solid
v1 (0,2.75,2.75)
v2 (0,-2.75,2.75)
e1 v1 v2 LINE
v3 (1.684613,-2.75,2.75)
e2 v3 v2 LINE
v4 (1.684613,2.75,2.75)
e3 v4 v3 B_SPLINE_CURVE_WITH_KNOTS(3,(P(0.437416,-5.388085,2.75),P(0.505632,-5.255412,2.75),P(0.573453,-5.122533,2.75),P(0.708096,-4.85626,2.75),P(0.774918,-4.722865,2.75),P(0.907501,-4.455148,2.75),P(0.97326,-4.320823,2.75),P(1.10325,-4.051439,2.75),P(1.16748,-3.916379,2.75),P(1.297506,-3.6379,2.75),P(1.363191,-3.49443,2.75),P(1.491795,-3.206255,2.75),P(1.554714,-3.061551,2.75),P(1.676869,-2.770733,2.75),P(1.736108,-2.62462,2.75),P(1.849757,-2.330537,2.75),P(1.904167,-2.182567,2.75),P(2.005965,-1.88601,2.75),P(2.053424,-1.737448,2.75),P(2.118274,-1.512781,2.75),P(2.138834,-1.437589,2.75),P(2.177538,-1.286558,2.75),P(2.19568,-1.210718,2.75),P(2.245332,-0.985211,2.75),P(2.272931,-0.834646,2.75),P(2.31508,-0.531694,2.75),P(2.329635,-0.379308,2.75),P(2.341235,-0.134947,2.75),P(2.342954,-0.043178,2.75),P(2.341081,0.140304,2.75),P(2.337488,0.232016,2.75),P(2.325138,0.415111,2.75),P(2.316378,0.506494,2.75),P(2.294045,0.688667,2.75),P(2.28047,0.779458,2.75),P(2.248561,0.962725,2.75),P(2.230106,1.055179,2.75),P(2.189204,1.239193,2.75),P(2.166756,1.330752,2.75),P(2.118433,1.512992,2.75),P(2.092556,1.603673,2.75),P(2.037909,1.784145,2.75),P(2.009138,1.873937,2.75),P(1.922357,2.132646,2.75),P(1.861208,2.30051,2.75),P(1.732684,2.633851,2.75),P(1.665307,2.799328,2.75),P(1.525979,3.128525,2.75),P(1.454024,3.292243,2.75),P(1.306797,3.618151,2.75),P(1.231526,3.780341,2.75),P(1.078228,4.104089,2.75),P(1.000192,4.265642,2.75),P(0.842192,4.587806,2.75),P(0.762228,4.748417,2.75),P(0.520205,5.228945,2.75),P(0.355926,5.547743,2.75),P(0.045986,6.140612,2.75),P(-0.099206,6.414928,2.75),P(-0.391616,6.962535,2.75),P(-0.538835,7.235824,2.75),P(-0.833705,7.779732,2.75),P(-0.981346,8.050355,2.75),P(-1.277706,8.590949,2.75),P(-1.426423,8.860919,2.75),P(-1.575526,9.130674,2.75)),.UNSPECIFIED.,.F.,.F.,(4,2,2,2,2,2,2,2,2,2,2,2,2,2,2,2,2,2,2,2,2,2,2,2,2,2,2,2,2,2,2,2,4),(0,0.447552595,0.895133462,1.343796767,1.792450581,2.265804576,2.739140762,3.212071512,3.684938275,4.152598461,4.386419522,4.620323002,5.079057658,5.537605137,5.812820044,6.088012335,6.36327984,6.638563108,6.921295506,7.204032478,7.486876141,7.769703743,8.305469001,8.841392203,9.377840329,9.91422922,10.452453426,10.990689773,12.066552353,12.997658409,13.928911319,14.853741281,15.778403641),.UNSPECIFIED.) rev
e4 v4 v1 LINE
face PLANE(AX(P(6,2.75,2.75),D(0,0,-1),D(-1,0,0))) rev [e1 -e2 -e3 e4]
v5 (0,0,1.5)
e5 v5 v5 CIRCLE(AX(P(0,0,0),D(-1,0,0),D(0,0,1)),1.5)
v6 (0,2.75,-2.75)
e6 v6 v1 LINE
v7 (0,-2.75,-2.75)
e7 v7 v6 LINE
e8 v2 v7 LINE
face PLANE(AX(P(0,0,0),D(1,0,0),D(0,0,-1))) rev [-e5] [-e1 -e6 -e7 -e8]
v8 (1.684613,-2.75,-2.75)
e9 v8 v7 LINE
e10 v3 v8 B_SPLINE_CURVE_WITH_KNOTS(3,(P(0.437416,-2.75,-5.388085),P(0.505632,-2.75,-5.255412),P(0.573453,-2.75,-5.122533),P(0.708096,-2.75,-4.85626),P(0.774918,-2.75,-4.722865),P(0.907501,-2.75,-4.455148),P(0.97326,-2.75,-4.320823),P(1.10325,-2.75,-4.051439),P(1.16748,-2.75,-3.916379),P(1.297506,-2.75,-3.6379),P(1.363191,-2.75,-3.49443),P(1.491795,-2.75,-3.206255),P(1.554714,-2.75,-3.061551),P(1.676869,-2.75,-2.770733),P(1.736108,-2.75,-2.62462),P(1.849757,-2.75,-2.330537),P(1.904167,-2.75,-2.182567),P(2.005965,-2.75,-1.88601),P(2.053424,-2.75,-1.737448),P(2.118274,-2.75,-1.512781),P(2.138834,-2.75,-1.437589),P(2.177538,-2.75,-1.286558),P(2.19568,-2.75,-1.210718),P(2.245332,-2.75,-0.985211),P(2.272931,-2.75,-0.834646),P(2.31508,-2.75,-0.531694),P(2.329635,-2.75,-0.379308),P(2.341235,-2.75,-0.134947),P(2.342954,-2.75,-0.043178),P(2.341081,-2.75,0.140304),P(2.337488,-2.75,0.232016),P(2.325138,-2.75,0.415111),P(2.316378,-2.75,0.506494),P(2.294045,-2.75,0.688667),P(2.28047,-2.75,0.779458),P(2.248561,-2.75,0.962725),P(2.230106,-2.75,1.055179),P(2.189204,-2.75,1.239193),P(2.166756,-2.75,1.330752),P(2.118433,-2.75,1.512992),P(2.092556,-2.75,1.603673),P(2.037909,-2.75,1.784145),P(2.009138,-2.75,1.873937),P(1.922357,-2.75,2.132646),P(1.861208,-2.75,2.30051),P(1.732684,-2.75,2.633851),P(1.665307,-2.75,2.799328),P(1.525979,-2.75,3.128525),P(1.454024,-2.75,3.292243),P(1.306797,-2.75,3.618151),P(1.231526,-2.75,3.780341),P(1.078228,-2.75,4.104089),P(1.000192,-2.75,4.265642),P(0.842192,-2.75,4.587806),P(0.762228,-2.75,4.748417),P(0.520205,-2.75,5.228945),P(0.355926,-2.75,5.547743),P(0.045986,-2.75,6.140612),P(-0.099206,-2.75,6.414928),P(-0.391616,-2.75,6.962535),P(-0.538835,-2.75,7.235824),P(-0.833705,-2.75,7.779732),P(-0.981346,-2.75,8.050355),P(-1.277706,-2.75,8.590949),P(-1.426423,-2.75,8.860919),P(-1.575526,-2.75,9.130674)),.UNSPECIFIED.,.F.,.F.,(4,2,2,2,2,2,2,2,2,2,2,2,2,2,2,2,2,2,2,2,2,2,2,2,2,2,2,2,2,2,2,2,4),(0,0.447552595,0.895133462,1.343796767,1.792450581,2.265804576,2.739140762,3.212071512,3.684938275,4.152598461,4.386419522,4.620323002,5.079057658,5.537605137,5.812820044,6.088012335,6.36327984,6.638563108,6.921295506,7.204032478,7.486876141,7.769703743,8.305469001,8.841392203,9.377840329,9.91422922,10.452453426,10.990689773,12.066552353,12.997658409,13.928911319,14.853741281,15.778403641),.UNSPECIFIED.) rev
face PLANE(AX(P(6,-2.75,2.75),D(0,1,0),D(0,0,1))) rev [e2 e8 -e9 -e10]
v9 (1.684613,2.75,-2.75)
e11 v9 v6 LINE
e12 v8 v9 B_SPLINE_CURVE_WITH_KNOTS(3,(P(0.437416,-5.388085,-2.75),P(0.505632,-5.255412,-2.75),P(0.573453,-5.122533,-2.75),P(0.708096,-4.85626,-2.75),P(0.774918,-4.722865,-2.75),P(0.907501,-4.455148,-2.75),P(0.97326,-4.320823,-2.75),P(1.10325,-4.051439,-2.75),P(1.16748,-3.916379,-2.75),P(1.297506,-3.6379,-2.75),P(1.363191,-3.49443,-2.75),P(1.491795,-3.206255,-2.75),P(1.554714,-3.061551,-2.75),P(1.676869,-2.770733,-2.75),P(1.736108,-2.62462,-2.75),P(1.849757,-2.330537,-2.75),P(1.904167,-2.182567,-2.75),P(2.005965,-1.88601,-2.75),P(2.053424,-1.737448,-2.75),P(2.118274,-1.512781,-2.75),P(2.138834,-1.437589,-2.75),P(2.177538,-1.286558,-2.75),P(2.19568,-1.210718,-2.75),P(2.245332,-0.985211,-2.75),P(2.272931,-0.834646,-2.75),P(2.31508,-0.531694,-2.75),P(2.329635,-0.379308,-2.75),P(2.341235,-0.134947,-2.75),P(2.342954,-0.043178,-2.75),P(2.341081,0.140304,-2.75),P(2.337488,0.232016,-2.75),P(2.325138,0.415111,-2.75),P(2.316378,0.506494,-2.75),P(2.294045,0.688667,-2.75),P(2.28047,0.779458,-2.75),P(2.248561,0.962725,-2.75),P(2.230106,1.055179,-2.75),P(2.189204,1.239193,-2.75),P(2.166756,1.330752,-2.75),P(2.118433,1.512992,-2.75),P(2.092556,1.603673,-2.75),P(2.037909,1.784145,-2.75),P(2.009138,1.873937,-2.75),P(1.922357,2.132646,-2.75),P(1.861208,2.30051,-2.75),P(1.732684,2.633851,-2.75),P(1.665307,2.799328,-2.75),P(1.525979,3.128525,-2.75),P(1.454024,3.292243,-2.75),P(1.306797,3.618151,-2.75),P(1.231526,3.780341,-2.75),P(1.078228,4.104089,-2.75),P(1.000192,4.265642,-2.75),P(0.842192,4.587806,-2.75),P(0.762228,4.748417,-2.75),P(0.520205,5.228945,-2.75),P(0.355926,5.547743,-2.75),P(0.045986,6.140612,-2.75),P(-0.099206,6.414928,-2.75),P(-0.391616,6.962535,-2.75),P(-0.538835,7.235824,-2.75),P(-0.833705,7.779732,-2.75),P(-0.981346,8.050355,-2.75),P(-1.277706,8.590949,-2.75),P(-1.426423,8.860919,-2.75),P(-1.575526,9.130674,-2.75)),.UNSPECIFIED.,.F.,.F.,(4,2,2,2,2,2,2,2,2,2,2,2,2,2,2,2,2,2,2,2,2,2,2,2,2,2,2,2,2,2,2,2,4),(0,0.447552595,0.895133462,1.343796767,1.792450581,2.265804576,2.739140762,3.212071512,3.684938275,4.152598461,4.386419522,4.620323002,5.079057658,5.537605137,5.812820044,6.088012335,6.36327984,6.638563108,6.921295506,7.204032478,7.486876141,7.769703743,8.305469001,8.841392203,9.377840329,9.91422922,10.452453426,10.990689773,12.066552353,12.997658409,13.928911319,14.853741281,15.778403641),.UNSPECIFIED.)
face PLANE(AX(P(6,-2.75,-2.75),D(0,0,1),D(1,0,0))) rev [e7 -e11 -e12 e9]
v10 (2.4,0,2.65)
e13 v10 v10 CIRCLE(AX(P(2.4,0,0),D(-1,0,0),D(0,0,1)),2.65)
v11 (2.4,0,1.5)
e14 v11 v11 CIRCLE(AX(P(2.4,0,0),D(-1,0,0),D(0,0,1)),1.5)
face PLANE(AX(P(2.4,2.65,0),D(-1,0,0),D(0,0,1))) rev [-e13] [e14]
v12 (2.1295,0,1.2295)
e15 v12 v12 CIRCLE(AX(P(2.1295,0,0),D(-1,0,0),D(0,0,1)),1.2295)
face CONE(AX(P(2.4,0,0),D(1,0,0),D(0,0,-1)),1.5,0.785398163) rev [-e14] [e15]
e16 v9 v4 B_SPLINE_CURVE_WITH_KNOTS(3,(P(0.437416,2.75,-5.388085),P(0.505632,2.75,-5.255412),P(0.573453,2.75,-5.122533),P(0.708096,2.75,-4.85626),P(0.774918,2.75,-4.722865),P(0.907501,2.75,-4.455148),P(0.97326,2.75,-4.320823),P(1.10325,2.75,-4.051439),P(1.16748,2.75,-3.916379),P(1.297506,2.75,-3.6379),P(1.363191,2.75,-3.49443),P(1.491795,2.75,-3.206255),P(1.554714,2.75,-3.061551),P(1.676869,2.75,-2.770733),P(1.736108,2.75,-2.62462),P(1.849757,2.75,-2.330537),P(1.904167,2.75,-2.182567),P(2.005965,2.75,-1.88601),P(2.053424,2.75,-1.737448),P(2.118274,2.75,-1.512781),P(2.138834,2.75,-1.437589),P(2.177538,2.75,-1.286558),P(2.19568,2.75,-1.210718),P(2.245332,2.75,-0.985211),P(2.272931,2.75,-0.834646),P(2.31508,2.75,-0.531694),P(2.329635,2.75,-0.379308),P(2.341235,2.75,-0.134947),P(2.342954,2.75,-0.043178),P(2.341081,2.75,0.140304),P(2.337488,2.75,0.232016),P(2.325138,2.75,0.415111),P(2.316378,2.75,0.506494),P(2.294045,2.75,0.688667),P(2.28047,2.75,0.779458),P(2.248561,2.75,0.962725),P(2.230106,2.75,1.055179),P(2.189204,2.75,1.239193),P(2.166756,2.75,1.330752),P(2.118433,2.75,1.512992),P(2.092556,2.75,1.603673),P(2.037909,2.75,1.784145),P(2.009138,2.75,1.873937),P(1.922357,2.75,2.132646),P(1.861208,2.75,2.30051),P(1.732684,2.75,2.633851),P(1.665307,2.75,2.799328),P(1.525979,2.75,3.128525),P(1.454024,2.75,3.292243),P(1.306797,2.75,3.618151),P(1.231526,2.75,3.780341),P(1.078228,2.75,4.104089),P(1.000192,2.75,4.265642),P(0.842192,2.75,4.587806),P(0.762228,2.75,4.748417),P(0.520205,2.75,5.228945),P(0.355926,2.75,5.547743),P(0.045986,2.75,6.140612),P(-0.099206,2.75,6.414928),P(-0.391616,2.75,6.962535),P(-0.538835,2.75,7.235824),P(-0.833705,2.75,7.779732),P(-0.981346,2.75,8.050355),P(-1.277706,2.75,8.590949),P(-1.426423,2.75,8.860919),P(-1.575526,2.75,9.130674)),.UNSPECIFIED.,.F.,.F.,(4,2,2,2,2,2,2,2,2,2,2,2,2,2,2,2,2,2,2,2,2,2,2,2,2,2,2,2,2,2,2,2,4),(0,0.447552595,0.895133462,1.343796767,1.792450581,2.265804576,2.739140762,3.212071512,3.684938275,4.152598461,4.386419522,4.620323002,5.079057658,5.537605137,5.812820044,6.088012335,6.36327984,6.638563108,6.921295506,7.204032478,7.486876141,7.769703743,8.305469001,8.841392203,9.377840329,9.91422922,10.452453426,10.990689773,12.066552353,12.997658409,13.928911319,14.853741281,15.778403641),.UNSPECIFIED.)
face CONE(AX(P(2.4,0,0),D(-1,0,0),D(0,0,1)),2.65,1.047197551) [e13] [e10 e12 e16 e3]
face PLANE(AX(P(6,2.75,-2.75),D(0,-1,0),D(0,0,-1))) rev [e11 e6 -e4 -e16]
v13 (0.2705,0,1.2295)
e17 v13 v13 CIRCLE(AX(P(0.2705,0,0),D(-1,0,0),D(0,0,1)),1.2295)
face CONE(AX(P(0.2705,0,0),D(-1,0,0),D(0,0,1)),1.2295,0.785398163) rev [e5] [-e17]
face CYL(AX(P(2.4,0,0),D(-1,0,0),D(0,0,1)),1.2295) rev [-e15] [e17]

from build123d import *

# Parameters (mm, degrees)
SKETCH2_R          = 5
SKETCH2_W          = 5.5
SKETCH2_H          = 5.5
CUT_EXTRUDE1_DEPTH = 6


with BuildPart() as part:
    # Sketch1 → Revolve1 (revolve)
    with BuildSketch(Plane.XY, mode=Mode.PRIVATE) as revolve1_sk:
        Polygon((0, 0), (0, 3.9), (1.678312164, 3.9), (2.4, 2.65), (2.4, 0), align=None)
    revolve(revolve1_sk.sketch.rotate(Axis((2.4, 0, 0), (-1, 0, 0)), 270), axis=Axis((2.4, 0, 0), (-1, 0, 0)))

    # Sketch2 → Cut-Extrude1 (cut)
    with BuildSketch(Plane(origin=(0, 0, 0), x_dir=(0, 0, -1), z_dir=(1, 0, 0))):
        Circle(SKETCH2_R)
        Rectangle(SKETCH2_W, SKETCH2_H, mode=Mode.SUBTRACT)
    extrude(amount=CUT_EXTRUDE1_DEPTH, mode=Mode.SUBTRACT)

    # Sketch3 → Cut-Revolve1 (revolve, cut)
    with BuildSketch(Plane.XY, mode=Mode.PRIVATE) as cut_revolve1_sk:
        Polygon((0, 0), (0, 1.5), (0.2705, 1.2295), (2.1295, 1.2295), (2.4, 1.5), (2.4, 0), align=None)
    revolve(cut_revolve1_sk.sketch.rotate(Axis((2.4, 0, 0), (-1, 0, 0)), 270), axis=Axis((2.4, 0, 0), (-1, 0, 0)), mode=Mode.SUBTRACT)


solid = part.part
